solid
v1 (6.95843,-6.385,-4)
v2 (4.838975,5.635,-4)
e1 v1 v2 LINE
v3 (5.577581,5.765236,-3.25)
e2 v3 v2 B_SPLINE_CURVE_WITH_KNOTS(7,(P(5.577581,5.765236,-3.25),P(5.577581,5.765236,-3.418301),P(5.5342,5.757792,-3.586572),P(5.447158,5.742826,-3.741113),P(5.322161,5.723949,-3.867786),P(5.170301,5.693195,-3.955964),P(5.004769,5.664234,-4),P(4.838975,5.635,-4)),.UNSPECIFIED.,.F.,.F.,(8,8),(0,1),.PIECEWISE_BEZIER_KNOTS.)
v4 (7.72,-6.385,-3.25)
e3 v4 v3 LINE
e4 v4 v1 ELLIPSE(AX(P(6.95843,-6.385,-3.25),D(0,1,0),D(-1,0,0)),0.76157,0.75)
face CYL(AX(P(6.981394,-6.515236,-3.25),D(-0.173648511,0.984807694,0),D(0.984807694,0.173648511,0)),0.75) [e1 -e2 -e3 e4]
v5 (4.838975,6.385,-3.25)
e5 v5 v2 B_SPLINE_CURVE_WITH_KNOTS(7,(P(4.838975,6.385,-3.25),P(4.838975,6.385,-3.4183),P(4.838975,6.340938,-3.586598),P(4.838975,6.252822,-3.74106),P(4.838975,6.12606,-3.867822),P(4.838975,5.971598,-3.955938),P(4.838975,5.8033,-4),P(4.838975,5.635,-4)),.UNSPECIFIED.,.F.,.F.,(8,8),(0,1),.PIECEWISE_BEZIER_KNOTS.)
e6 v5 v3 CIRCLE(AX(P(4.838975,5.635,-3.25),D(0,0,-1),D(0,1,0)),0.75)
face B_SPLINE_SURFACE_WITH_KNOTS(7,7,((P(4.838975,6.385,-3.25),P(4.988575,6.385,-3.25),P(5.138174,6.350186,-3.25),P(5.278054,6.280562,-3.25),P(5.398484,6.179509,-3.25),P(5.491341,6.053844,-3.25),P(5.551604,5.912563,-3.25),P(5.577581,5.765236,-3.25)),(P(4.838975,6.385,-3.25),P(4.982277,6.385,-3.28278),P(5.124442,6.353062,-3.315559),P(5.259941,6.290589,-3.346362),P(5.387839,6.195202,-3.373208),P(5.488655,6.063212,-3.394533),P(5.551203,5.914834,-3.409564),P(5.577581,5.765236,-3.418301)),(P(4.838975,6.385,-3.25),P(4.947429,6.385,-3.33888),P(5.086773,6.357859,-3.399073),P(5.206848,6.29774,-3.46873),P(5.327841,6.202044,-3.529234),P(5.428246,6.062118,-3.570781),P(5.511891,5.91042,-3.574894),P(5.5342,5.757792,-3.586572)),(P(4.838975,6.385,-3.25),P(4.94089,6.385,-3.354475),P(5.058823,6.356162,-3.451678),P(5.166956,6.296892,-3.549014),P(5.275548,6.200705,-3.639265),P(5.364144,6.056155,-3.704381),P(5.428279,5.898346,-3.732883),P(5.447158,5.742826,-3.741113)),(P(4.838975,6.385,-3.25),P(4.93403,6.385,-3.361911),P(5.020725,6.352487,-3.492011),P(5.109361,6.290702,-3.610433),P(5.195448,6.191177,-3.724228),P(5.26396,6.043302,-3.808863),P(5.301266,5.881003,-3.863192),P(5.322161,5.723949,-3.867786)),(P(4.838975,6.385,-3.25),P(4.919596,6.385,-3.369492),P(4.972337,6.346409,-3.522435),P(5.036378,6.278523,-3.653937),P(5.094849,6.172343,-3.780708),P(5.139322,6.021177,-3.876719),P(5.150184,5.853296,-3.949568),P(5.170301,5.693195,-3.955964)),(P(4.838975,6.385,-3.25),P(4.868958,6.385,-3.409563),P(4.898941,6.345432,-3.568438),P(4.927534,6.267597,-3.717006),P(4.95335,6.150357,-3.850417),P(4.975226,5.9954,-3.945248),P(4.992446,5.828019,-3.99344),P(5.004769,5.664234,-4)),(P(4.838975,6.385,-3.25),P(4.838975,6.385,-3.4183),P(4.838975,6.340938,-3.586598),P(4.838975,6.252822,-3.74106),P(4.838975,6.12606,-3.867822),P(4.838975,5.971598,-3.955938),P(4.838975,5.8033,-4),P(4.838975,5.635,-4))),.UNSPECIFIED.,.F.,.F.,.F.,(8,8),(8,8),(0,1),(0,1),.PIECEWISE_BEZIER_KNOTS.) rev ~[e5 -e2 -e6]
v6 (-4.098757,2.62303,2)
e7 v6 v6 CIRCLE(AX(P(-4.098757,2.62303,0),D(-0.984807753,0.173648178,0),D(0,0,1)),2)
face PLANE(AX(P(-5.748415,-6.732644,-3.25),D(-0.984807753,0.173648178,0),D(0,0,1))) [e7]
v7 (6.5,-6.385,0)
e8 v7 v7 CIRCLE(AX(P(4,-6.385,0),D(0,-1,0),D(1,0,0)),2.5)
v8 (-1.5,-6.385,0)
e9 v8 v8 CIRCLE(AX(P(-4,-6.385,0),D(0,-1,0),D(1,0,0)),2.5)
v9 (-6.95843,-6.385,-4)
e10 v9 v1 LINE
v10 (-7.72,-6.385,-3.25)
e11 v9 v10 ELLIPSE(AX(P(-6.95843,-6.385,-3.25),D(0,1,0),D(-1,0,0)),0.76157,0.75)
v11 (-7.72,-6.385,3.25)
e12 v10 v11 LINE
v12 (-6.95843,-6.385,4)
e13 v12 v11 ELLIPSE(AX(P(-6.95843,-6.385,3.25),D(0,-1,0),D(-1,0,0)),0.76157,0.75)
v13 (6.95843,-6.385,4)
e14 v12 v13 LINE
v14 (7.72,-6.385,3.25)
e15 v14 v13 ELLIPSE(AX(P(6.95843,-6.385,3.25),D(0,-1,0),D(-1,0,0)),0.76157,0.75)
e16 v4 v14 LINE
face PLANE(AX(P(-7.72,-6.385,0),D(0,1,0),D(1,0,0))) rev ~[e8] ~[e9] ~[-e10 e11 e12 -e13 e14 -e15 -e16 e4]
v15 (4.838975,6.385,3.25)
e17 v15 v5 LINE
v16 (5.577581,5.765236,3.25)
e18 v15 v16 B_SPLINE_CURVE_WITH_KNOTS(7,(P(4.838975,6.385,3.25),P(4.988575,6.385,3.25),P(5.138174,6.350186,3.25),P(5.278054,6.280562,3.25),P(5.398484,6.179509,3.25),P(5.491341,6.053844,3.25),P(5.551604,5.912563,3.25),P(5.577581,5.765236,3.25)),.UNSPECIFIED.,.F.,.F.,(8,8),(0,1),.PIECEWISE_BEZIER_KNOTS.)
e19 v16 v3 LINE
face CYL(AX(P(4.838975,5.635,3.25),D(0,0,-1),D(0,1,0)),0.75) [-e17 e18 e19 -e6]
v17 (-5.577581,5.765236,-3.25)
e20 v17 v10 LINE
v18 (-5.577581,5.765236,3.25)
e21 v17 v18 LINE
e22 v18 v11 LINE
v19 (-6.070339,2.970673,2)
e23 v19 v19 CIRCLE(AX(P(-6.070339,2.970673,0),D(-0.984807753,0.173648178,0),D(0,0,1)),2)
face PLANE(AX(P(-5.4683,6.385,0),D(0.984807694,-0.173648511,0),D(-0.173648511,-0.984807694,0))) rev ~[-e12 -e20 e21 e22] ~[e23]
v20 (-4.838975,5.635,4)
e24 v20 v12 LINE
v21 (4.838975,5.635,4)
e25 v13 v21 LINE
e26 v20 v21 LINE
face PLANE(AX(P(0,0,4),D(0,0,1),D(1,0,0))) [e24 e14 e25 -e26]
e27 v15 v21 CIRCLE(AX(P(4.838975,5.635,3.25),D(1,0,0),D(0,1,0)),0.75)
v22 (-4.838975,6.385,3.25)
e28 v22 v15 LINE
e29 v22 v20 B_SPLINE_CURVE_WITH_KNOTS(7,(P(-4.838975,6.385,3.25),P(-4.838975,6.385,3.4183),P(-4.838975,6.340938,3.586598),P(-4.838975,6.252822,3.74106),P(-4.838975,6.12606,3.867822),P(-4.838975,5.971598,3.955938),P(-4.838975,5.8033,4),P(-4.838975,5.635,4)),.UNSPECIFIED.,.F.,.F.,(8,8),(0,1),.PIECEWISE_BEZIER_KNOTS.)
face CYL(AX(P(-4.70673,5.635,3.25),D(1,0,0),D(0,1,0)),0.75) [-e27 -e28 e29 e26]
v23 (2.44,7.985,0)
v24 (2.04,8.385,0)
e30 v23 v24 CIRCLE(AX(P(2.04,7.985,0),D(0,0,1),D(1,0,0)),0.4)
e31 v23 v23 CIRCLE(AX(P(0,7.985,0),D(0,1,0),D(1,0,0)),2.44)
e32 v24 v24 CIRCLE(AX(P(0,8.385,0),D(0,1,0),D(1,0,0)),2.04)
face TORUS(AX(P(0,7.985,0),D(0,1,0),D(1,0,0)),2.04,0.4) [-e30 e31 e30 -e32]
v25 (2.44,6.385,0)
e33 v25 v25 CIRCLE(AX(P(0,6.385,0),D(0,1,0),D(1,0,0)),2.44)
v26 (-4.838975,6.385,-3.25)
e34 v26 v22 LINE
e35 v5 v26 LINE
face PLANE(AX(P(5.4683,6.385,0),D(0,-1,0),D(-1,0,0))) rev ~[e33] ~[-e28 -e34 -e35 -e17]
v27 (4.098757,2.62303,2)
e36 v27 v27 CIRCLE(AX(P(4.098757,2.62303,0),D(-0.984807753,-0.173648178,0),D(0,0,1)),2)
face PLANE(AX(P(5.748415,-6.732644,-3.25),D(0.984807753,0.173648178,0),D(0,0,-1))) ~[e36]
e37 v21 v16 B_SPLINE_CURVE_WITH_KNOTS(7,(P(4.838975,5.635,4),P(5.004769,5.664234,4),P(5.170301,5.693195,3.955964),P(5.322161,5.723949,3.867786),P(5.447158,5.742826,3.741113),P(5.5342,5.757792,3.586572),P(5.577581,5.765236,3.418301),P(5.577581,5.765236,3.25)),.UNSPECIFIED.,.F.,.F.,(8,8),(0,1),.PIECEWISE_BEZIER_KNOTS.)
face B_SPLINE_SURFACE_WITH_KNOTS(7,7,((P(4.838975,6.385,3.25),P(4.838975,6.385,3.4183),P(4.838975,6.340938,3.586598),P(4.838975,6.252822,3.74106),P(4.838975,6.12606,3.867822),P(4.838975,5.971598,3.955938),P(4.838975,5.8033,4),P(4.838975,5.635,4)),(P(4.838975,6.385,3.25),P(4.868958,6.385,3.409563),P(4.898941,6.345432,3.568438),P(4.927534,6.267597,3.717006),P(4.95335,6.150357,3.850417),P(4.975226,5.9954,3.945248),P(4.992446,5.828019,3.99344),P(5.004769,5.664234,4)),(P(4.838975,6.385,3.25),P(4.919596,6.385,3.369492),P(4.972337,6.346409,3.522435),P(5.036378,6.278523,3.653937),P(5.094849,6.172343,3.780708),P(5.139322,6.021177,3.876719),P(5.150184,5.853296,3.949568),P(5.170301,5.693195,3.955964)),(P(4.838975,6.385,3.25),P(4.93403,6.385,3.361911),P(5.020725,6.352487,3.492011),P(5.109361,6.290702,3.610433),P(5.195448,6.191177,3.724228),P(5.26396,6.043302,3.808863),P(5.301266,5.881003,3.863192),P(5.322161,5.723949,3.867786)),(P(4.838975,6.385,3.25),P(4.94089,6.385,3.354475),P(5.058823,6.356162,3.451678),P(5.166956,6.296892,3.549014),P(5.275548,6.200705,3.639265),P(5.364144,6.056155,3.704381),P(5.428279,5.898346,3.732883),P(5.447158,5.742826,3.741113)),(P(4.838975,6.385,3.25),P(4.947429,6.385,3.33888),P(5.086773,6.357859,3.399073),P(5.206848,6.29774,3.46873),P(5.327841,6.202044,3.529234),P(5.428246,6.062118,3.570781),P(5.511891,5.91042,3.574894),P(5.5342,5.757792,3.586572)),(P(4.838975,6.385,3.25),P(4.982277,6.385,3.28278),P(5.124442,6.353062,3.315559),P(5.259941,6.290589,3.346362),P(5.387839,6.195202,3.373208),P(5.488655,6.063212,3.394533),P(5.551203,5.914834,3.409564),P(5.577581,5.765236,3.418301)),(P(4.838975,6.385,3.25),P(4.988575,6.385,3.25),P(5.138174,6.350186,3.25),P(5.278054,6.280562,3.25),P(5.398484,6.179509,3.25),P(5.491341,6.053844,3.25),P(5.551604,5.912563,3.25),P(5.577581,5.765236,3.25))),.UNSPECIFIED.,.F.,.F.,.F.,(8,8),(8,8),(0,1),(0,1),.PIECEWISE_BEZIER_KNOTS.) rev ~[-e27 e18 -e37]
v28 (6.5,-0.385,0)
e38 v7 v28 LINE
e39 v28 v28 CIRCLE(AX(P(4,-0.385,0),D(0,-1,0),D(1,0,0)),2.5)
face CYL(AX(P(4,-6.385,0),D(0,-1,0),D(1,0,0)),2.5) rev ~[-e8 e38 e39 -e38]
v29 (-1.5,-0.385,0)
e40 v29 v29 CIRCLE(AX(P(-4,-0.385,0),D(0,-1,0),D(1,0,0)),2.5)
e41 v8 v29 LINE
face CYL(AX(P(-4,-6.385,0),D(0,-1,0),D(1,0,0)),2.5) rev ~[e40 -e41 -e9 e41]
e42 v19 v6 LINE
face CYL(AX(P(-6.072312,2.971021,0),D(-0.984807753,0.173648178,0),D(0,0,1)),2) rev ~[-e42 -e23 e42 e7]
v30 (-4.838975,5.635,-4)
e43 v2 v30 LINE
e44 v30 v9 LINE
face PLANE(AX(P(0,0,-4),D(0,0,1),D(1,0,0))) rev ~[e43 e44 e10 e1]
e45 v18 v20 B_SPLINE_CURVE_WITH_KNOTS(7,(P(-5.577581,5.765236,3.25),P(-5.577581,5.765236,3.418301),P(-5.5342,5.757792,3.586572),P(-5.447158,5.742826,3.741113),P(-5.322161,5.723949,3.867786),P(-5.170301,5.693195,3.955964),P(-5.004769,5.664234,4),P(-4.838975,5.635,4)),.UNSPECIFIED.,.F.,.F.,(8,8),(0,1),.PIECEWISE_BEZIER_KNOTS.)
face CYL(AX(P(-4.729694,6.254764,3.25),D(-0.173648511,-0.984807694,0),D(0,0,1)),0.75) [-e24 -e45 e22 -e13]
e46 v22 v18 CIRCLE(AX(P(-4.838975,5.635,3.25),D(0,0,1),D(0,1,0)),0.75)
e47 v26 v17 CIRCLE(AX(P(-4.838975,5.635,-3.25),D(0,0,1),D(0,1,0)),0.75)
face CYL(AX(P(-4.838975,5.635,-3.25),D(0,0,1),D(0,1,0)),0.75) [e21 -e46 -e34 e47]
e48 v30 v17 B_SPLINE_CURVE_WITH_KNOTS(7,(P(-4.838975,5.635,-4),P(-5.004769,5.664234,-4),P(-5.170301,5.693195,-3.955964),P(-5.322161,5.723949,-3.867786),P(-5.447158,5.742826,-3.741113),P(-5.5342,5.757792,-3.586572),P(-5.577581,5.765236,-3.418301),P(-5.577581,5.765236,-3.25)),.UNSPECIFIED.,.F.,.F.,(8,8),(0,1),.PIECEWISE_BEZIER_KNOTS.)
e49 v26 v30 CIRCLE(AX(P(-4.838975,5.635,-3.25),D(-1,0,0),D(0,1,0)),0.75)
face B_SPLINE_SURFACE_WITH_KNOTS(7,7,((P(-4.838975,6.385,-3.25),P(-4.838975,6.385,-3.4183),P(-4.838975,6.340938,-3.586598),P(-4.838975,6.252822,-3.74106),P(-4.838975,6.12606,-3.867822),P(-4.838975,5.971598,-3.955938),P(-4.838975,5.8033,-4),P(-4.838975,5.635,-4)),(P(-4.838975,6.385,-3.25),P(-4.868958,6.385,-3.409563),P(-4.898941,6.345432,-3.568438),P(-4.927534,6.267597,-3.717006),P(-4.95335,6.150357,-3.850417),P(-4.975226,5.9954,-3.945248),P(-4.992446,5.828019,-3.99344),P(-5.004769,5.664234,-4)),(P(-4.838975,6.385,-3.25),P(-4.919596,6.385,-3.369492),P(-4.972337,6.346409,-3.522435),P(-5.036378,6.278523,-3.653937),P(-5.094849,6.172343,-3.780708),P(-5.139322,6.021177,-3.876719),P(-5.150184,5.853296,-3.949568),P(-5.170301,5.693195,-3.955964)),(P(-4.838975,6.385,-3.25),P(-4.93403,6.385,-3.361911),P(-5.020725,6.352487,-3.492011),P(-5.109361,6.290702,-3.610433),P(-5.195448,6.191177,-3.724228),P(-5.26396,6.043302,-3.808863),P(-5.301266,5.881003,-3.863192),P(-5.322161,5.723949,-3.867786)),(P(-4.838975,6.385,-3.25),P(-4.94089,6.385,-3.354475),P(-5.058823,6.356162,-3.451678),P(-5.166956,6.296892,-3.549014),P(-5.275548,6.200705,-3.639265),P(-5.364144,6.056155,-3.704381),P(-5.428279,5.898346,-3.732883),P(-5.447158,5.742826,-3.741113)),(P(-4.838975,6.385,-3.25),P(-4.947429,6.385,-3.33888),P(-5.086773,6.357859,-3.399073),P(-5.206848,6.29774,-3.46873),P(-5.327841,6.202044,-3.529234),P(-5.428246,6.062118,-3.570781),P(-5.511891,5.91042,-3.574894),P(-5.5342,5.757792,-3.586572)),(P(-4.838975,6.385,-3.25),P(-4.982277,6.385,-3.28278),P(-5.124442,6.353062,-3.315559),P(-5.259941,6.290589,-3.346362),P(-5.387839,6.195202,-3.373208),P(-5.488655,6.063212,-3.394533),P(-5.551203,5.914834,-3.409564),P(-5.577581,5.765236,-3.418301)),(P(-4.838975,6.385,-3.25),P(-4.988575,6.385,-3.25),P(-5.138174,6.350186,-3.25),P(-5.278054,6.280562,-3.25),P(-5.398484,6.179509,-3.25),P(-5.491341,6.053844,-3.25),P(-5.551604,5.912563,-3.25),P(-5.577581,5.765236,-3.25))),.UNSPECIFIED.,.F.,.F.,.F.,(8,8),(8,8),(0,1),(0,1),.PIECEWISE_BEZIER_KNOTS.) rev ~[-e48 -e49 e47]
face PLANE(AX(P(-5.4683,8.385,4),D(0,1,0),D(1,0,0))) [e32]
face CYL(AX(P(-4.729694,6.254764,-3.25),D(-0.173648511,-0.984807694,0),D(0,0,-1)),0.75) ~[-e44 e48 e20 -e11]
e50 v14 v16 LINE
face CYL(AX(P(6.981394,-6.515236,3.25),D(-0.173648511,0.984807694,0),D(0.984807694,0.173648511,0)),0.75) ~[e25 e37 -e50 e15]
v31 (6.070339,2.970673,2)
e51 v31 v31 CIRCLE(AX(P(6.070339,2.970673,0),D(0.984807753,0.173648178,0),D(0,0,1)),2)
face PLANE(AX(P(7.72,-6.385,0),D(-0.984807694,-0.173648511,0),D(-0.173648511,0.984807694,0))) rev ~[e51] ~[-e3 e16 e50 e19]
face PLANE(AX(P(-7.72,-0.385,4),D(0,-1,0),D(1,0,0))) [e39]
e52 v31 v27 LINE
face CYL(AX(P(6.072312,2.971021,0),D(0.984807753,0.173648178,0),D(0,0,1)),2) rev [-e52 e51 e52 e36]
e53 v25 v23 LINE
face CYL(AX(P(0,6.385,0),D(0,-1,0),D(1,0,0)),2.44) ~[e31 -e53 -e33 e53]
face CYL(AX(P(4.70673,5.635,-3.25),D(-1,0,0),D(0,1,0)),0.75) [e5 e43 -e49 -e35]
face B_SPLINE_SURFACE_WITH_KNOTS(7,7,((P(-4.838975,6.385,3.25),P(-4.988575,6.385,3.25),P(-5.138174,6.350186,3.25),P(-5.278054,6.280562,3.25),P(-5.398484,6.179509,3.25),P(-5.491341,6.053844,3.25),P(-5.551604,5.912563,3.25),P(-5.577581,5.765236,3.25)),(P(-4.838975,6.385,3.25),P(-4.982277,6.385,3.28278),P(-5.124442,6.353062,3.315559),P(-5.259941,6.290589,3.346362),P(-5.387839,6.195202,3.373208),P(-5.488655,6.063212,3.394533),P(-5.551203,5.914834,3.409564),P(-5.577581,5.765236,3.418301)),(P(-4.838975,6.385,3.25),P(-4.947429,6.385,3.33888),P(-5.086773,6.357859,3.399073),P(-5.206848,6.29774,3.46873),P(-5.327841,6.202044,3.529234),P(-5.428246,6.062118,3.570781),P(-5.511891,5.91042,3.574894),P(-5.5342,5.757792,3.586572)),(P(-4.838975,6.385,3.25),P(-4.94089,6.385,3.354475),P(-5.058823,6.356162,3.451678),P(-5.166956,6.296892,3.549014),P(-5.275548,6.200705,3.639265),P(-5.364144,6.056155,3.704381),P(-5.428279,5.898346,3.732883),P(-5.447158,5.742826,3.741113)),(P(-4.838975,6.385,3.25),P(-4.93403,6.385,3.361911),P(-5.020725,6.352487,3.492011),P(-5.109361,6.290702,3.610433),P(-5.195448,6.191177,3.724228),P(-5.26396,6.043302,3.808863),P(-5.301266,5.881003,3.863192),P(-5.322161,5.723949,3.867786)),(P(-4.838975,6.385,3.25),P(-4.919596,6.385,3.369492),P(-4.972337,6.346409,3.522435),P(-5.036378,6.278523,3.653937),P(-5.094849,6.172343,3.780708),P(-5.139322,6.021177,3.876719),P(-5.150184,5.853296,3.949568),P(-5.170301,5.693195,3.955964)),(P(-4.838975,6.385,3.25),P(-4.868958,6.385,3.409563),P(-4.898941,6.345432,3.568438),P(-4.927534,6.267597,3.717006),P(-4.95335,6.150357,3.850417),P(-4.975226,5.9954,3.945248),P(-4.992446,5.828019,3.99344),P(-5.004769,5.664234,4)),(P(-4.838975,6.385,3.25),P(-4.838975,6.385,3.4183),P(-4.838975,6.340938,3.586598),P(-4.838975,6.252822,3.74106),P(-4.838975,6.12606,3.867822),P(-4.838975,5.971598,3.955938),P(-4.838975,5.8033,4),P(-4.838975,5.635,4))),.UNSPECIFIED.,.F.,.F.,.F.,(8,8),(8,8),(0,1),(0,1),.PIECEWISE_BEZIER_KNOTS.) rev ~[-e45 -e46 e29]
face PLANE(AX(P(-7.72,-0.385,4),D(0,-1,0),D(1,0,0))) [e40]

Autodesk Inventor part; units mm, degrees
ref_plane "YZ Plane" through (0, 0, 0) normal (1, 0, 0) x (0, 1, 0)
ref_plane "XZ Plane" through (0, 0, 0) normal (0, 1, 0) x (-1, 0, 0)
ref_plane "XY Plane" through (0, 0, 0) normal (0, 0, 1) x (1, 0, 0)
sketch "Sketch1" plane through (0, 0, 0) normal (0, 0, 1) x (1, 0, 0)
  line L0 (-7.72, -6.385) -> (7.72, -6.385)
  line L1 (7.72, -6.385) -> (5.4683, 6.385)
  line L2 (5.4683, 6.385) -> (-5.4683, 6.385)
  line L3 (-5.4683, 6.385) -> (-7.72, -6.385)
  point P0 (0, 0)
  point P1 (0, -6.385)
  point P2 (-6.5942, 0)
  dimension "d0" = 15.44
  dimension "d1" = 80
  dimension "d2" = 12.77
extrude "Extrusion1" add sketch "Sketch1" along normal mid plane 8
sketch "Sketch2" plane through (-7.72, -6.385, 4) normal (0, -1, 0) x (1, 0, 0)
  line L0 (15.44, -8) -> (15.44, 0) projected
  line L1 (3.72, -4) -> (11.72, -4) construction
  circle A0 centre (3.72, -4) radius 2.5
  circle A1 centre (11.72, -4) radius 2.5
  point P0 (7.72, -4)
  point P1 (7.72, -4)
  dimension "d5" = 5
  dimension "d6" = 8
extrude "Extrusion2" cut sketch "Sketch2" against normal blind 6
sketch "Sketch3" plane through (-5.4683, 6.385, 4) normal (0, 1, 0) x (1, 0, 0)
  circle A0 centre (5.4683, 4) radius 2.44
  dimension "d9" = 4.88
extrude "Extrusion3" add sketch "Sketch3" along normal blind 2
fillet "Fillet1" radius 0.4 1 edges at (-2.44, 8.385, 0)
fillet "Fillet2" radius 0.75 4 edges at (-6.5942, 0, 4) (-6.5942, 0, -4) (6.5942, 0, -4) (6.5942, 0, 4)
fillet "Fillet3" radius 0.75 8 edges at (-5.2452, 6.385, -3.7803) (-5.4683, 6.385, 0) (-5.2452, 6.385, 3.7803) (0, 6.385, 4) (5.2452, 6.385, 3.7803) (5.4683, 6.385, 0) (5.2452, 6.385, -3.7803) (0, 6.385, -4)
sketch "Sketch4" plane through (-7.72, -6.385, -3.25) normal (-0.9848, 0.1736, 0) x (0, 0, 1)
  line L0 (6.5, 0) -> (0, 0) projected
  circle A0 centre (3.25, 9.5) radius 2
  point P0 (3.25, 7.6286)
  dimension "d15" = 4
  dimension "d16" = 9.5
extrude "Extrusion4" cut sketch "Sketch4" against normal blind 2
mirror "Mirror1" about plane through (0, 0, 0) normal (1, 0, 0) of "Extrusion4"
properties part number "TORSO" material "250"
